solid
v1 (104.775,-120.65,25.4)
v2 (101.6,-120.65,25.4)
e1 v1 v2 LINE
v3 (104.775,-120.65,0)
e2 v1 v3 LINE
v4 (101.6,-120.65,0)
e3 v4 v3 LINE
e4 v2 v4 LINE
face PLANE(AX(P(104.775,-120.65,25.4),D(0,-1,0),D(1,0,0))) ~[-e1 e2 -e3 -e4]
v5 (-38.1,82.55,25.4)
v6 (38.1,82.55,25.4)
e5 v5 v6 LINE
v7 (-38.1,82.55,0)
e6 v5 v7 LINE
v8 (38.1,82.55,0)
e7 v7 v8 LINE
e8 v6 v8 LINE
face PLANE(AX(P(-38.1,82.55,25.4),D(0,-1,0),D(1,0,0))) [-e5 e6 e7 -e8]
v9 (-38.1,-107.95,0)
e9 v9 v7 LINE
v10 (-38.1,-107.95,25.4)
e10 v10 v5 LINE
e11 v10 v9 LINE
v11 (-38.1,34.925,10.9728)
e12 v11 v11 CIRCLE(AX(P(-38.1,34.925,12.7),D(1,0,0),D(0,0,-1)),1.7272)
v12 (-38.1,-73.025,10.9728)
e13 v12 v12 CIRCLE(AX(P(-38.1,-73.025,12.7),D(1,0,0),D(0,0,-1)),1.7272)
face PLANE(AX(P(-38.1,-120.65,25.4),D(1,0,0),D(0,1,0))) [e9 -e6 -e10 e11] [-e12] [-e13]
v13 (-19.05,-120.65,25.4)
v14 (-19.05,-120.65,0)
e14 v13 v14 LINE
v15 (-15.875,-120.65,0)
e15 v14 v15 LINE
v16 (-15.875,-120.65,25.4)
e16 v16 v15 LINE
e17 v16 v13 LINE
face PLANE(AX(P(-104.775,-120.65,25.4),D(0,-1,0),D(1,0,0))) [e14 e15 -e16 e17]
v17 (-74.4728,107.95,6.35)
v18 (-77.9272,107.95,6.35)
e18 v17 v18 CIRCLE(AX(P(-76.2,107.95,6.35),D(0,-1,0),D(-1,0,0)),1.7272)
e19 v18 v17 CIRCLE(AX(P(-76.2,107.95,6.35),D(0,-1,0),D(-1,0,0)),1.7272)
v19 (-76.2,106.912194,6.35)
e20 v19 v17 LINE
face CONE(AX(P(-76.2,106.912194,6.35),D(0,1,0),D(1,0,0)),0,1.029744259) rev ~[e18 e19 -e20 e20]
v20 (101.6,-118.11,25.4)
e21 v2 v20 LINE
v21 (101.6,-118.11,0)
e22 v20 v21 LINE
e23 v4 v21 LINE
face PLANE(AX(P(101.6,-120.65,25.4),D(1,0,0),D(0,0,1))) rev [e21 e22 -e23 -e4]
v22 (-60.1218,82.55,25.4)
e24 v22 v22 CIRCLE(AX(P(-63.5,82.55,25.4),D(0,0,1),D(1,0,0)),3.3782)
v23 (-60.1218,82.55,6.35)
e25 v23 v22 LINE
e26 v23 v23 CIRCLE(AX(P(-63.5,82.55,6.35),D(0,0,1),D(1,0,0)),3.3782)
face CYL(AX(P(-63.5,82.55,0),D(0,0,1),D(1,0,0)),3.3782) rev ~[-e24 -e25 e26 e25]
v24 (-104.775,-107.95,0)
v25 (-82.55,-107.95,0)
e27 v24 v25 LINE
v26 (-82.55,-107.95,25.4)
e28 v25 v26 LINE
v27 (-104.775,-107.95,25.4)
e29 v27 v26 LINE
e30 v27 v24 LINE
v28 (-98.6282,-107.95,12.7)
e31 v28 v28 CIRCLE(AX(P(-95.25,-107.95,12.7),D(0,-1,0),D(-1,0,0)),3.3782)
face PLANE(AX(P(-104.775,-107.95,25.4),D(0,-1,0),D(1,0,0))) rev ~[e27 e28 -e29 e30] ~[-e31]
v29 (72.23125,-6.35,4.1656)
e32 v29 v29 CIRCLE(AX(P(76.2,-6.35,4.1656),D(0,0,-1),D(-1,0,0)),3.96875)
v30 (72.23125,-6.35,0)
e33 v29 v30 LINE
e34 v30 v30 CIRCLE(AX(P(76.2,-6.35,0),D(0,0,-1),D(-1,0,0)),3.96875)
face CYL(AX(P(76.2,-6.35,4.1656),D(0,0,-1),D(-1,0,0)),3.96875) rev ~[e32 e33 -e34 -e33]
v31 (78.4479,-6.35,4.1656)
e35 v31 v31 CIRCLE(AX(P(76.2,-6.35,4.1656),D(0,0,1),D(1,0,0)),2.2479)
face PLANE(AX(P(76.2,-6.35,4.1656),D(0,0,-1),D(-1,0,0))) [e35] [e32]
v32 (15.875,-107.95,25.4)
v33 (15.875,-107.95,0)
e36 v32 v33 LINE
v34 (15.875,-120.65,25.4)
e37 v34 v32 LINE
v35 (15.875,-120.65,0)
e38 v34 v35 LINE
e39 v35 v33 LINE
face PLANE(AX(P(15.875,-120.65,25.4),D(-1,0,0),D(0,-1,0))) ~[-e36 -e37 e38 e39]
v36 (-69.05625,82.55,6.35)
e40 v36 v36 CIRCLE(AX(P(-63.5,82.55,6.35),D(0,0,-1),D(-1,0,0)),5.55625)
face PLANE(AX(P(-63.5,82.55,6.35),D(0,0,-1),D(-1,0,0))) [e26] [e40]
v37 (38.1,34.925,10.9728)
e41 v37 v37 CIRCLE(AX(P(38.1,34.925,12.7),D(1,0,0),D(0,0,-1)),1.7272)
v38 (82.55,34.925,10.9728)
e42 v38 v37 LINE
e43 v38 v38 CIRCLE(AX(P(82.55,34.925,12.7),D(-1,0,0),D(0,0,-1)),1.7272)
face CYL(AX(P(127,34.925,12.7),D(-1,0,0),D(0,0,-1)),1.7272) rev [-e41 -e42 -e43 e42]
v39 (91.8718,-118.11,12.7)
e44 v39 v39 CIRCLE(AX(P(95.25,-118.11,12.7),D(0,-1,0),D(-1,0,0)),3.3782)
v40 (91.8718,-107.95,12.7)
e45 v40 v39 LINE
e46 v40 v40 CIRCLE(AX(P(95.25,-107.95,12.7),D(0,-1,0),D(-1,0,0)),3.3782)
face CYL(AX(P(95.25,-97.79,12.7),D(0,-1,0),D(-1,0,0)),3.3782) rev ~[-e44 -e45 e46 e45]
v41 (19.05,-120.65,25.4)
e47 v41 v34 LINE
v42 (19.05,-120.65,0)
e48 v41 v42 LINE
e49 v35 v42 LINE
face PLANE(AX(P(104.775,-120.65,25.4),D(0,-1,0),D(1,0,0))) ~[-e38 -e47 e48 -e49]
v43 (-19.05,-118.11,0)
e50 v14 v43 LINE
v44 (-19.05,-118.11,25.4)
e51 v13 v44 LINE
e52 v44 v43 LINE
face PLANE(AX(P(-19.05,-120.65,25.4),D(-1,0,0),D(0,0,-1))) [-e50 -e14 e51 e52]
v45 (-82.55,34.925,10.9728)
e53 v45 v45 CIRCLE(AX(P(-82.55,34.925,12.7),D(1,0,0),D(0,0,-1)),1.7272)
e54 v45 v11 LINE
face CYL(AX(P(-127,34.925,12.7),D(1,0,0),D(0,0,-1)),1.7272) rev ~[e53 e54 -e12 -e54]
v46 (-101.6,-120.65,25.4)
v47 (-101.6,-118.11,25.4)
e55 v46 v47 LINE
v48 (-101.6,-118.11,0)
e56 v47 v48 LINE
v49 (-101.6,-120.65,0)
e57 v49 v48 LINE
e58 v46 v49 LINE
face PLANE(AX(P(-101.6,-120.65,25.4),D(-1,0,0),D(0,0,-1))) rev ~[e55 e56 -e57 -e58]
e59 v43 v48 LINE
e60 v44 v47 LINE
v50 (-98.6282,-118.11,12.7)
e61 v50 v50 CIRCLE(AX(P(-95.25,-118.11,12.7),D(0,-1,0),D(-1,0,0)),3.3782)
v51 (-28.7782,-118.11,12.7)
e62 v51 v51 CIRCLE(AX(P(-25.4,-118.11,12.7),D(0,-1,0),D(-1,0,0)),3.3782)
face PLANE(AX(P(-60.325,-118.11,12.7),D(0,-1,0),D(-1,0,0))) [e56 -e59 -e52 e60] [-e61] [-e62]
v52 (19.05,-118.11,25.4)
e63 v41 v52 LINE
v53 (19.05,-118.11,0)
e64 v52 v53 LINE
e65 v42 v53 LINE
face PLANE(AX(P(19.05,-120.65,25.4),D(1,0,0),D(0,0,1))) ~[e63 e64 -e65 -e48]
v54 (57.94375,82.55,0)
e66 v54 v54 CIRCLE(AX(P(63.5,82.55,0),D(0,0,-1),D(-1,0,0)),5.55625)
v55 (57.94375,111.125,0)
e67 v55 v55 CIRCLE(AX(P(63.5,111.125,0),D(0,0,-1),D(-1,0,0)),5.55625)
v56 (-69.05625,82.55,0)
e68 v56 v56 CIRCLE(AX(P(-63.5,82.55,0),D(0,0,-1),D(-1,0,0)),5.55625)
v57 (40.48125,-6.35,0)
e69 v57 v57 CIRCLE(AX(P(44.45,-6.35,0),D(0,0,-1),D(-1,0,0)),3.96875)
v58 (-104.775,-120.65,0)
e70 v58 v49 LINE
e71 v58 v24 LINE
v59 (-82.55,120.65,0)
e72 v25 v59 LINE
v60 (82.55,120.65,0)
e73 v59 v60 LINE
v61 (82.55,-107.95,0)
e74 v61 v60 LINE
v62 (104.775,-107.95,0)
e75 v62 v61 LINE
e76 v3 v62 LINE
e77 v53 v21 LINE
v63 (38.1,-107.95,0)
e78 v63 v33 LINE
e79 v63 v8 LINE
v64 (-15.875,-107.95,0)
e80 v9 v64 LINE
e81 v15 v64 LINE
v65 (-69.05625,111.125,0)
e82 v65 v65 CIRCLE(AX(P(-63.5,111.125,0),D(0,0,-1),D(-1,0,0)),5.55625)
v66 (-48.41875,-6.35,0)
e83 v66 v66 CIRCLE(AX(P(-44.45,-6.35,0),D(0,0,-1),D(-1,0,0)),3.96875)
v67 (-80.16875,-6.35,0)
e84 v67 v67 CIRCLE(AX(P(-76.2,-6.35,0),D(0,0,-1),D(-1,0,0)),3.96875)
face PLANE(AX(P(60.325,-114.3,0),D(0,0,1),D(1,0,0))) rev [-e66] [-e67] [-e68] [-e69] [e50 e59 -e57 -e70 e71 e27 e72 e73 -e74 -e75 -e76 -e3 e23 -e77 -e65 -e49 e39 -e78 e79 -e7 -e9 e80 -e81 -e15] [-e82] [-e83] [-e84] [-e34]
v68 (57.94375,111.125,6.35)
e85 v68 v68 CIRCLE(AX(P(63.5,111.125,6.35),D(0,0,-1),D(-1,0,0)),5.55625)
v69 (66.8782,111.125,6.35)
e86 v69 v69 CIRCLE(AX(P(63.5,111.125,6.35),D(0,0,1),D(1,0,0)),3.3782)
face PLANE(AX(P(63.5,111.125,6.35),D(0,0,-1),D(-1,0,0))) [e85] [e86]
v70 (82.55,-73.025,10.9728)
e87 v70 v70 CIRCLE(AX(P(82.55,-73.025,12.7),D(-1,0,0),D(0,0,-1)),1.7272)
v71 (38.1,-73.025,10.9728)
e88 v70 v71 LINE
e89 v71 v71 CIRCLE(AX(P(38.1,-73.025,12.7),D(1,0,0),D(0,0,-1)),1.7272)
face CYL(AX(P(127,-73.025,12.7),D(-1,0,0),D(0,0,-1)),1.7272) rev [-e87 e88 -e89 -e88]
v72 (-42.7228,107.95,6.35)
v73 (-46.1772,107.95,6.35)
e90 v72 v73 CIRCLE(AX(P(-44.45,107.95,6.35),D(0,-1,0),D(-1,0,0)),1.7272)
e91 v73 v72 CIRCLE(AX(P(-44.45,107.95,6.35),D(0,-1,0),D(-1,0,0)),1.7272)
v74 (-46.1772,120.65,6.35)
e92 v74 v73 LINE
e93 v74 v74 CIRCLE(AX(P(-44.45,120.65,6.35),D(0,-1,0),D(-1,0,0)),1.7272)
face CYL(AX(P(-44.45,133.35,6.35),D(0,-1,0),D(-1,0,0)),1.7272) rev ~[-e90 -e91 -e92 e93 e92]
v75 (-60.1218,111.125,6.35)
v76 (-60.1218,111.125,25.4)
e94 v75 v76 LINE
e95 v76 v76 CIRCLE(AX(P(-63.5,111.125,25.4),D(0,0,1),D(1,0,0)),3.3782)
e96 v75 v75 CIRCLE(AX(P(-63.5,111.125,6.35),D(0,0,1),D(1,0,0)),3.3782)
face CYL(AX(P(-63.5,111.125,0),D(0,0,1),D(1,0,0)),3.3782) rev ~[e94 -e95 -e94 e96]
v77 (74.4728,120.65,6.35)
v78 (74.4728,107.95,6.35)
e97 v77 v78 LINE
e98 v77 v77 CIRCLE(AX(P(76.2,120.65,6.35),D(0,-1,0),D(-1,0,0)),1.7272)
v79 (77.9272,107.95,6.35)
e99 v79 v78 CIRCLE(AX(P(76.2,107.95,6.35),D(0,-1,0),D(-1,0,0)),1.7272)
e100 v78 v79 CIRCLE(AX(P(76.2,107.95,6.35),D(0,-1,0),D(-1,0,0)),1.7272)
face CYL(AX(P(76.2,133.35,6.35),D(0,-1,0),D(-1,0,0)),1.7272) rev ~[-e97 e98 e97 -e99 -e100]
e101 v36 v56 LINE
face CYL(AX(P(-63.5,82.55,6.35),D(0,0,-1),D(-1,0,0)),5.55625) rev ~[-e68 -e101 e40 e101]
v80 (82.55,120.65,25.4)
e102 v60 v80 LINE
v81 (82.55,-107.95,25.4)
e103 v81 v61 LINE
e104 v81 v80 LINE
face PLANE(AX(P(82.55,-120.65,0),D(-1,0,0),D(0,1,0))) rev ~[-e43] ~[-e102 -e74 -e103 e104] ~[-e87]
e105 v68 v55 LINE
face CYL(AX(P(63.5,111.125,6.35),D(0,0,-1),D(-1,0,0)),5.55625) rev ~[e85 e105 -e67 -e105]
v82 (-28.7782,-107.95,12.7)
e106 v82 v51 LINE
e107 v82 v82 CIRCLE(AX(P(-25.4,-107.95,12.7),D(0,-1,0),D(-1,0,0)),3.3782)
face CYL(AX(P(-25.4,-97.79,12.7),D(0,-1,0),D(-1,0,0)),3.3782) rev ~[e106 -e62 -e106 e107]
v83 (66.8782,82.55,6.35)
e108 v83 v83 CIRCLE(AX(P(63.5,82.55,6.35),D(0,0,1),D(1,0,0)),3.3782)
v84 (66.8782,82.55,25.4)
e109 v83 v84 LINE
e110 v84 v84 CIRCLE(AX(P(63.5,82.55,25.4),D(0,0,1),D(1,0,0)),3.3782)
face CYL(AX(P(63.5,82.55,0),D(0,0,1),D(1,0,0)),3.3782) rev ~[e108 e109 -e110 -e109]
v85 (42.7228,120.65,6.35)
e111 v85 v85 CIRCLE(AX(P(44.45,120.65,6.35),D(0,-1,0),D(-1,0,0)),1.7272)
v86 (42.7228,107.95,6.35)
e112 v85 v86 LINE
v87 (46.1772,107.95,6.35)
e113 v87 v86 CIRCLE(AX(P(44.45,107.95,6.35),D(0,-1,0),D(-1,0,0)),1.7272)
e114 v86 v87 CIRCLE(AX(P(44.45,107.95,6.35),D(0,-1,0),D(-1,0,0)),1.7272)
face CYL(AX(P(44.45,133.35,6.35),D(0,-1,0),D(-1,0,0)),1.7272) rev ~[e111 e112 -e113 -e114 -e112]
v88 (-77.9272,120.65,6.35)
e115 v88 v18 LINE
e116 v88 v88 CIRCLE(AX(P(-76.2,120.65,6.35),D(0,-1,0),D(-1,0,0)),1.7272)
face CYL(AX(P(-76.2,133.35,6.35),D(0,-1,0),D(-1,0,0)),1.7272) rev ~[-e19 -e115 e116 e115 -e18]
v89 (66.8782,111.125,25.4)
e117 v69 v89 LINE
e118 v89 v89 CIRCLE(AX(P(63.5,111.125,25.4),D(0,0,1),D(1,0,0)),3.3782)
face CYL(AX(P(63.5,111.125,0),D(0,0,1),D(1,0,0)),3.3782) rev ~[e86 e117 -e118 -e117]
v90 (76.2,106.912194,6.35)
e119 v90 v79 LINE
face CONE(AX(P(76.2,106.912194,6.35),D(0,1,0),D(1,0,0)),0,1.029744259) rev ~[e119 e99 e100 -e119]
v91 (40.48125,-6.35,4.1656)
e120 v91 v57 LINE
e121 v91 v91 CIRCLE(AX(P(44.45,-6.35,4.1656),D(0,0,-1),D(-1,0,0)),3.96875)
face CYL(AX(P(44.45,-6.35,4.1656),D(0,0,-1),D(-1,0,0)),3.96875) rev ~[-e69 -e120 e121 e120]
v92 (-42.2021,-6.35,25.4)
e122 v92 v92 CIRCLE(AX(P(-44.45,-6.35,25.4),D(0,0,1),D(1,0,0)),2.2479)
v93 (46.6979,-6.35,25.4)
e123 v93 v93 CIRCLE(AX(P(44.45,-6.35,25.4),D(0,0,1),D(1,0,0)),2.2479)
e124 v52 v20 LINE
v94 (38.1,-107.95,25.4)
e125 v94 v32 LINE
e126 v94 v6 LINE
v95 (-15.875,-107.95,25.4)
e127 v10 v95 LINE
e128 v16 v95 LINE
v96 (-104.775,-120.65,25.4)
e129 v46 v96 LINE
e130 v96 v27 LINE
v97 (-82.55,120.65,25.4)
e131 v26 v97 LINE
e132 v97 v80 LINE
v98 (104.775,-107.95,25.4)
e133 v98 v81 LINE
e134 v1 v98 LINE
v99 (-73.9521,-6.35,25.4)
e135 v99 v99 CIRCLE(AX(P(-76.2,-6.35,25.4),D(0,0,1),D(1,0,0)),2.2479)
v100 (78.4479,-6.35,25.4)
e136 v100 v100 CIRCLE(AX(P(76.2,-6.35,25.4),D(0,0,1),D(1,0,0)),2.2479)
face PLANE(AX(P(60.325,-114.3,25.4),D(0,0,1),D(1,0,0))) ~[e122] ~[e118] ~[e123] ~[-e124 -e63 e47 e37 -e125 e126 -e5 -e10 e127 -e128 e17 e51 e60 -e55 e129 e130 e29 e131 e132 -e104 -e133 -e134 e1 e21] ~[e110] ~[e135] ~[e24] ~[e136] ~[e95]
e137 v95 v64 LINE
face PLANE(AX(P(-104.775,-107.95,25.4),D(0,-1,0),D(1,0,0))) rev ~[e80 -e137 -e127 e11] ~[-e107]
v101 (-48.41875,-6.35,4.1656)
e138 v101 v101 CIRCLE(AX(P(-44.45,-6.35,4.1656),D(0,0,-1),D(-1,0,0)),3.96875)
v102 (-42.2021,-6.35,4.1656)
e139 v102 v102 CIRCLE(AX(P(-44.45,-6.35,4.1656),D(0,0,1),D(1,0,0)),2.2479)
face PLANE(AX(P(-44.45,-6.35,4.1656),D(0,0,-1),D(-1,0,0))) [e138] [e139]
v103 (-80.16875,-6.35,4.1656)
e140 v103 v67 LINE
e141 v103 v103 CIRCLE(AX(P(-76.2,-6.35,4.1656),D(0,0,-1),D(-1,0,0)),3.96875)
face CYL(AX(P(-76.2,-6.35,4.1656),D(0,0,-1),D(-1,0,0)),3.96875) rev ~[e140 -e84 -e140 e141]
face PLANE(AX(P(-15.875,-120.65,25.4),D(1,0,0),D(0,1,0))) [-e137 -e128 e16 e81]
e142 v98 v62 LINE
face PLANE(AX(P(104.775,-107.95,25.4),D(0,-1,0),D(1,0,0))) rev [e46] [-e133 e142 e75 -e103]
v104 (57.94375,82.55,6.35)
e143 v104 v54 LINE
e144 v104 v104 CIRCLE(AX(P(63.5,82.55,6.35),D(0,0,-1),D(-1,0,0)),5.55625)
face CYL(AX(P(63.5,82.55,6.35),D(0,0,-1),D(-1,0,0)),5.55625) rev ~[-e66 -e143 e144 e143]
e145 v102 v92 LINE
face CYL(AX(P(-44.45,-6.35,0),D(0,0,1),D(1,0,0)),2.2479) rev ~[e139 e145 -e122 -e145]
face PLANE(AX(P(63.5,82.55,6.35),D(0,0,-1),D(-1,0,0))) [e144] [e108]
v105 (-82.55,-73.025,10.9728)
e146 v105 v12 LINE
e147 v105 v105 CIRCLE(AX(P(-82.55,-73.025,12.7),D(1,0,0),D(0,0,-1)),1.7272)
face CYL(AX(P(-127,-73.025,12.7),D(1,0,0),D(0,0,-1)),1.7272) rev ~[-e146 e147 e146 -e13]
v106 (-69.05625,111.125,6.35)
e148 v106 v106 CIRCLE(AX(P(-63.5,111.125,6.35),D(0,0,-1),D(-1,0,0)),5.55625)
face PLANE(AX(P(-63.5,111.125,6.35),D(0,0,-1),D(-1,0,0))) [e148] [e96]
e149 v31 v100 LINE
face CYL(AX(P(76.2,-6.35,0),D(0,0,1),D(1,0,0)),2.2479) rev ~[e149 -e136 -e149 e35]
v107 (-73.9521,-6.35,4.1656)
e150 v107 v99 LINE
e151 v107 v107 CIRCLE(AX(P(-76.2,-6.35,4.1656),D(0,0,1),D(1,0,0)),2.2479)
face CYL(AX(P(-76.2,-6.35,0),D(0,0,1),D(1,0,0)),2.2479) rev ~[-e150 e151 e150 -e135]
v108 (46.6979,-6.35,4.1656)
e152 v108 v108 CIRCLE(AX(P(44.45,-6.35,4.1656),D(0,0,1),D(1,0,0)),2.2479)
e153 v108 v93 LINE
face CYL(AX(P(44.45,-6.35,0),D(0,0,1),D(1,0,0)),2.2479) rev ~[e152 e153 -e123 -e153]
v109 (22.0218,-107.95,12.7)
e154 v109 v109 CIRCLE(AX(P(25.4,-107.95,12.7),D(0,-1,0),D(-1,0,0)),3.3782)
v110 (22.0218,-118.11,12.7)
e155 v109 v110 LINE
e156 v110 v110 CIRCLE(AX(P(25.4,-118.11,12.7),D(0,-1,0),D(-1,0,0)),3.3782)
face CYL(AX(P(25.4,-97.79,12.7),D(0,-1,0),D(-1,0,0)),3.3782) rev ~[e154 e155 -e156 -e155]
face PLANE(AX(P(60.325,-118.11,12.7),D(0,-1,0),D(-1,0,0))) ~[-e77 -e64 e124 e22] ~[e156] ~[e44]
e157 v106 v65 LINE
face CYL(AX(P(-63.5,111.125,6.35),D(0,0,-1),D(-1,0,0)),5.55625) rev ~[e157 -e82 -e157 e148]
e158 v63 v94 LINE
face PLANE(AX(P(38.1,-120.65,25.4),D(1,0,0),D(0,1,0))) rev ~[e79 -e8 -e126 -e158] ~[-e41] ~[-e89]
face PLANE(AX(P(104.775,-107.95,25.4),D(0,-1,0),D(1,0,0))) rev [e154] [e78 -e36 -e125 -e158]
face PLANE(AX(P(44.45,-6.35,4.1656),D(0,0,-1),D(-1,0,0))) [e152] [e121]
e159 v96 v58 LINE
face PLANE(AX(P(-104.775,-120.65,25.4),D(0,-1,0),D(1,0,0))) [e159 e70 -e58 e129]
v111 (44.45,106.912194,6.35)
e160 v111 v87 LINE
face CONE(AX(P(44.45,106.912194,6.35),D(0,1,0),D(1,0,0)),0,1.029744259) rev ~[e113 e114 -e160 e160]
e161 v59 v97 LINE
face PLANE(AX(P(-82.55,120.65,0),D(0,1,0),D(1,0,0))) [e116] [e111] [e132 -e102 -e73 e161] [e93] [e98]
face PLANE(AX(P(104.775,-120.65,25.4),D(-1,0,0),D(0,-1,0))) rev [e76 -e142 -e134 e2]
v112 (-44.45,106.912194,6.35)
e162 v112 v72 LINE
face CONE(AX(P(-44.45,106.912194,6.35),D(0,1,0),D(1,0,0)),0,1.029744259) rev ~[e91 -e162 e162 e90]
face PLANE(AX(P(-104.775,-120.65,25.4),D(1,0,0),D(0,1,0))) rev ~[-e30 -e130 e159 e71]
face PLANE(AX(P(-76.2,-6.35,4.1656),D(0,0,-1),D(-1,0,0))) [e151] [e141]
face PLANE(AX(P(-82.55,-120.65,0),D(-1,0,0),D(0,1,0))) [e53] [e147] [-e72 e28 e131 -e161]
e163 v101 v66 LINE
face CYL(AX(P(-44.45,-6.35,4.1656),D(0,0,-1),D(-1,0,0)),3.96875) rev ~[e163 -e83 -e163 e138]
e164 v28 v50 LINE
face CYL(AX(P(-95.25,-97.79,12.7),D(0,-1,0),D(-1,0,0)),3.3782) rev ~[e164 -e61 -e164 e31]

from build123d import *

# Parameters (mm, degrees)
SKETCH1_W                                        = 165.1
SKETCH1_H                                        = 241.3
BOSS_EXTRUDE1_DEPTH                              = 25.4
SKETCH2_W                                        = 76.2
SKETCH2_H                                        = 203.2
CUT_EXTRUDE1_DEPTH                               = 149.378182358
SKETCH7_W                                        = 88.9
SKETCH7_H                                        = 12.7
BOSS_EXTRUDE4_DEPTH                              = 25.4
SKETCH8_W                                        = 82.55
SKETCH8_H                                        = 25.4
CUT_EXTRUDE4_DEPTH                               = 2.54
F_1_4_CLEARANCE_HOLE1_D                          = 6.7564
F_1_4_CLEARANCE_HOLE1_DEPTH                      = 10.16
CBORE_FOR_1_4_SOCKET_HEAD_CAP_SCREW1_D           = 6.7564
CBORE_FOR_1_4_SOCKET_HEAD_CAP_SCREW1_CBORE_D     = 11.1125
CBORE_FOR_1_4_SOCKET_HEAD_CAP_SCREW1_CBORE_DEPTH = 6.35
F_8_32_TAPPED_HOLE1_D                            = 3.4544
F_8_32_TAPPED_HOLE1_DEPTH                        = 12.7
F_8_32_TAPPED_HOLE1_TIP                          = 1.037806461
CBORE_FOR_8_SOCKET_HEAD_CAP_SCREW1_D             = 4.4958
CBORE_FOR_8_SOCKET_HEAD_CAP_SCREW1_CBORE_D       = 7.9375
CBORE_FOR_8_SOCKET_HEAD_CAP_SCREW1_CBORE_DEPTH   = 4.1656
F_8_32_TAPPED_HOLE2_D                            = 3.4544
F_8_32_TAPPED_HOLE2_DEPTH                        = 44.45


with BuildPart() as part:
    # Sketch1 → Boss-Extrude1 (new body)
    with BuildSketch(Plane.XY):
        Rectangle(SKETCH1_W, SKETCH1_H)
    extrude(amount=BOSS_EXTRUDE1_DEPTH)

    # Sketch2 → Cut-Extrude1 (cut, through all)
    with BuildSketch(Plane.XY.offset(25.4)):
        with Locations((0, -19.05)):
            Rectangle(SKETCH2_W, SKETCH2_H)
    extrude(amount=-CUT_EXTRUDE1_DEPTH, mode=Mode.SUBTRACT)

    # Sketch7 → Boss-Extrude4 (add)
    with BuildSketch(Plane.XY.offset(25.4)):
        with Locations((-60.325, -114.3)):
            Rectangle(SKETCH7_W, SKETCH7_H)
    boss_extrude4 = extrude(amount=-BOSS_EXTRUDE4_DEPTH)

    # Sketch8 → Cut-Extrude4 (cut)
    with BuildSketch(Plane(origin=(0, -120.65, 0), x_dir=(-1, 0, 0), z_dir=(0, -1, 0))):
        with Locations((60.325, -12.7)):
            Rectangle(SKETCH8_W, SKETCH8_H)
    cut_extrude4 = extrude(amount=-CUT_EXTRUDE4_DEPTH, mode=Mode.SUBTRACT)

    # Mirror3: Boss-Extrude4, Cut-Extrude4 across plane
    add(boss_extrude4.mirror(Plane(origin=(0, 0, 0), x_dir=(0, 0, 1), z_dir=(1, 0, 0))))
    add(cut_extrude4.mirror(Plane(origin=(0, 0, 0), x_dir=(0, 0, 1), z_dir=(1, 0, 0))), mode=Mode.SUBTRACT)

    # 1/4 Clearance Hole1
    with Locations(Plane(origin=(0, -107.95, 0), x_dir=(1, 0, 0), z_dir=(0, 1, 0))):
        with Locations((-95.25, -12.7), (-25.4, -12.7), (25.4, -12.7), (95.25, -12.7)):
            Hole(F_1_4_CLEARANCE_HOLE1_D / 2, depth=F_1_4_CLEARANCE_HOLE1_DEPTH)

    # CBORE for 1/4 Socket Head Cap Screw1 (through all)
    with Locations(Plane(origin=(0, 0, 0), x_dir=(-1, 0, 0), z_dir=(0, 0, -1))):
        with Locations((-63.5, 111.125), (-63.5, 82.55), (63.5, 111.125), (63.5, 82.55)):
            CounterBoreHole(CBORE_FOR_1_4_SOCKET_HEAD_CAP_SCREW1_D / 2, CBORE_FOR_1_4_SOCKET_HEAD_CAP_SCREW1_CBORE_D / 2, CBORE_FOR_1_4_SOCKET_HEAD_CAP_SCREW1_CBORE_DEPTH)

    # #8-32 Tapped Hole1
    with Locations(Plane(origin=(0, 120.65, 0), x_dir=(1, 0, 0), z_dir=(0, 1, 0))):
        with Locations((-76.2, -6.35), (-44.45, -6.35), (44.45, -6.35), (76.2, -6.35)):
            Hole(F_8_32_TAPPED_HOLE1_D / 2, depth=F_8_32_TAPPED_HOLE1_DEPTH)
            with Locations((0, 0, -(F_8_32_TAPPED_HOLE1_DEPTH + F_8_32_TAPPED_HOLE1_TIP / 2))):  # 118° drill point
                Cone(0, F_8_32_TAPPED_HOLE1_D / 2, F_8_32_TAPPED_HOLE1_TIP, mode=Mode.SUBTRACT)

    # CBORE for #8 Socket Head Cap Screw1 (through all)
    with Locations(Plane(origin=(0, 0, 0), x_dir=(-1, 0, 0), z_dir=(0, 0, -1))):
        with Locations((-76.2, -6.35), (-44.45, -6.35), (44.45, -6.35), (76.2, -6.35)):
            CounterBoreHole(CBORE_FOR_8_SOCKET_HEAD_CAP_SCREW1_D / 2, CBORE_FOR_8_SOCKET_HEAD_CAP_SCREW1_CBORE_D / 2, CBORE_FOR_8_SOCKET_HEAD_CAP_SCREW1_CBORE_DEPTH)

    # #8-32 Tapped Hole2
    with Locations(Plane.ZY.offset(82.55)):
        with Locations((12.7, -73.025), (12.7, 34.925)):
            f_8_32_tapped_hole2 = Hole(F_8_32_TAPPED_HOLE2_D / 2, depth=F_8_32_TAPPED_HOLE2_DEPTH)

    # Mirror4: #8-32 Tapped Hole2 across plane
    add(f_8_32_tapped_hole2.mirror(Plane(origin=(0, 0, 0), x_dir=(0, 0, 1), z_dir=(1, 0, 0))), mode=Mode.SUBTRACT)


solid = part.part
